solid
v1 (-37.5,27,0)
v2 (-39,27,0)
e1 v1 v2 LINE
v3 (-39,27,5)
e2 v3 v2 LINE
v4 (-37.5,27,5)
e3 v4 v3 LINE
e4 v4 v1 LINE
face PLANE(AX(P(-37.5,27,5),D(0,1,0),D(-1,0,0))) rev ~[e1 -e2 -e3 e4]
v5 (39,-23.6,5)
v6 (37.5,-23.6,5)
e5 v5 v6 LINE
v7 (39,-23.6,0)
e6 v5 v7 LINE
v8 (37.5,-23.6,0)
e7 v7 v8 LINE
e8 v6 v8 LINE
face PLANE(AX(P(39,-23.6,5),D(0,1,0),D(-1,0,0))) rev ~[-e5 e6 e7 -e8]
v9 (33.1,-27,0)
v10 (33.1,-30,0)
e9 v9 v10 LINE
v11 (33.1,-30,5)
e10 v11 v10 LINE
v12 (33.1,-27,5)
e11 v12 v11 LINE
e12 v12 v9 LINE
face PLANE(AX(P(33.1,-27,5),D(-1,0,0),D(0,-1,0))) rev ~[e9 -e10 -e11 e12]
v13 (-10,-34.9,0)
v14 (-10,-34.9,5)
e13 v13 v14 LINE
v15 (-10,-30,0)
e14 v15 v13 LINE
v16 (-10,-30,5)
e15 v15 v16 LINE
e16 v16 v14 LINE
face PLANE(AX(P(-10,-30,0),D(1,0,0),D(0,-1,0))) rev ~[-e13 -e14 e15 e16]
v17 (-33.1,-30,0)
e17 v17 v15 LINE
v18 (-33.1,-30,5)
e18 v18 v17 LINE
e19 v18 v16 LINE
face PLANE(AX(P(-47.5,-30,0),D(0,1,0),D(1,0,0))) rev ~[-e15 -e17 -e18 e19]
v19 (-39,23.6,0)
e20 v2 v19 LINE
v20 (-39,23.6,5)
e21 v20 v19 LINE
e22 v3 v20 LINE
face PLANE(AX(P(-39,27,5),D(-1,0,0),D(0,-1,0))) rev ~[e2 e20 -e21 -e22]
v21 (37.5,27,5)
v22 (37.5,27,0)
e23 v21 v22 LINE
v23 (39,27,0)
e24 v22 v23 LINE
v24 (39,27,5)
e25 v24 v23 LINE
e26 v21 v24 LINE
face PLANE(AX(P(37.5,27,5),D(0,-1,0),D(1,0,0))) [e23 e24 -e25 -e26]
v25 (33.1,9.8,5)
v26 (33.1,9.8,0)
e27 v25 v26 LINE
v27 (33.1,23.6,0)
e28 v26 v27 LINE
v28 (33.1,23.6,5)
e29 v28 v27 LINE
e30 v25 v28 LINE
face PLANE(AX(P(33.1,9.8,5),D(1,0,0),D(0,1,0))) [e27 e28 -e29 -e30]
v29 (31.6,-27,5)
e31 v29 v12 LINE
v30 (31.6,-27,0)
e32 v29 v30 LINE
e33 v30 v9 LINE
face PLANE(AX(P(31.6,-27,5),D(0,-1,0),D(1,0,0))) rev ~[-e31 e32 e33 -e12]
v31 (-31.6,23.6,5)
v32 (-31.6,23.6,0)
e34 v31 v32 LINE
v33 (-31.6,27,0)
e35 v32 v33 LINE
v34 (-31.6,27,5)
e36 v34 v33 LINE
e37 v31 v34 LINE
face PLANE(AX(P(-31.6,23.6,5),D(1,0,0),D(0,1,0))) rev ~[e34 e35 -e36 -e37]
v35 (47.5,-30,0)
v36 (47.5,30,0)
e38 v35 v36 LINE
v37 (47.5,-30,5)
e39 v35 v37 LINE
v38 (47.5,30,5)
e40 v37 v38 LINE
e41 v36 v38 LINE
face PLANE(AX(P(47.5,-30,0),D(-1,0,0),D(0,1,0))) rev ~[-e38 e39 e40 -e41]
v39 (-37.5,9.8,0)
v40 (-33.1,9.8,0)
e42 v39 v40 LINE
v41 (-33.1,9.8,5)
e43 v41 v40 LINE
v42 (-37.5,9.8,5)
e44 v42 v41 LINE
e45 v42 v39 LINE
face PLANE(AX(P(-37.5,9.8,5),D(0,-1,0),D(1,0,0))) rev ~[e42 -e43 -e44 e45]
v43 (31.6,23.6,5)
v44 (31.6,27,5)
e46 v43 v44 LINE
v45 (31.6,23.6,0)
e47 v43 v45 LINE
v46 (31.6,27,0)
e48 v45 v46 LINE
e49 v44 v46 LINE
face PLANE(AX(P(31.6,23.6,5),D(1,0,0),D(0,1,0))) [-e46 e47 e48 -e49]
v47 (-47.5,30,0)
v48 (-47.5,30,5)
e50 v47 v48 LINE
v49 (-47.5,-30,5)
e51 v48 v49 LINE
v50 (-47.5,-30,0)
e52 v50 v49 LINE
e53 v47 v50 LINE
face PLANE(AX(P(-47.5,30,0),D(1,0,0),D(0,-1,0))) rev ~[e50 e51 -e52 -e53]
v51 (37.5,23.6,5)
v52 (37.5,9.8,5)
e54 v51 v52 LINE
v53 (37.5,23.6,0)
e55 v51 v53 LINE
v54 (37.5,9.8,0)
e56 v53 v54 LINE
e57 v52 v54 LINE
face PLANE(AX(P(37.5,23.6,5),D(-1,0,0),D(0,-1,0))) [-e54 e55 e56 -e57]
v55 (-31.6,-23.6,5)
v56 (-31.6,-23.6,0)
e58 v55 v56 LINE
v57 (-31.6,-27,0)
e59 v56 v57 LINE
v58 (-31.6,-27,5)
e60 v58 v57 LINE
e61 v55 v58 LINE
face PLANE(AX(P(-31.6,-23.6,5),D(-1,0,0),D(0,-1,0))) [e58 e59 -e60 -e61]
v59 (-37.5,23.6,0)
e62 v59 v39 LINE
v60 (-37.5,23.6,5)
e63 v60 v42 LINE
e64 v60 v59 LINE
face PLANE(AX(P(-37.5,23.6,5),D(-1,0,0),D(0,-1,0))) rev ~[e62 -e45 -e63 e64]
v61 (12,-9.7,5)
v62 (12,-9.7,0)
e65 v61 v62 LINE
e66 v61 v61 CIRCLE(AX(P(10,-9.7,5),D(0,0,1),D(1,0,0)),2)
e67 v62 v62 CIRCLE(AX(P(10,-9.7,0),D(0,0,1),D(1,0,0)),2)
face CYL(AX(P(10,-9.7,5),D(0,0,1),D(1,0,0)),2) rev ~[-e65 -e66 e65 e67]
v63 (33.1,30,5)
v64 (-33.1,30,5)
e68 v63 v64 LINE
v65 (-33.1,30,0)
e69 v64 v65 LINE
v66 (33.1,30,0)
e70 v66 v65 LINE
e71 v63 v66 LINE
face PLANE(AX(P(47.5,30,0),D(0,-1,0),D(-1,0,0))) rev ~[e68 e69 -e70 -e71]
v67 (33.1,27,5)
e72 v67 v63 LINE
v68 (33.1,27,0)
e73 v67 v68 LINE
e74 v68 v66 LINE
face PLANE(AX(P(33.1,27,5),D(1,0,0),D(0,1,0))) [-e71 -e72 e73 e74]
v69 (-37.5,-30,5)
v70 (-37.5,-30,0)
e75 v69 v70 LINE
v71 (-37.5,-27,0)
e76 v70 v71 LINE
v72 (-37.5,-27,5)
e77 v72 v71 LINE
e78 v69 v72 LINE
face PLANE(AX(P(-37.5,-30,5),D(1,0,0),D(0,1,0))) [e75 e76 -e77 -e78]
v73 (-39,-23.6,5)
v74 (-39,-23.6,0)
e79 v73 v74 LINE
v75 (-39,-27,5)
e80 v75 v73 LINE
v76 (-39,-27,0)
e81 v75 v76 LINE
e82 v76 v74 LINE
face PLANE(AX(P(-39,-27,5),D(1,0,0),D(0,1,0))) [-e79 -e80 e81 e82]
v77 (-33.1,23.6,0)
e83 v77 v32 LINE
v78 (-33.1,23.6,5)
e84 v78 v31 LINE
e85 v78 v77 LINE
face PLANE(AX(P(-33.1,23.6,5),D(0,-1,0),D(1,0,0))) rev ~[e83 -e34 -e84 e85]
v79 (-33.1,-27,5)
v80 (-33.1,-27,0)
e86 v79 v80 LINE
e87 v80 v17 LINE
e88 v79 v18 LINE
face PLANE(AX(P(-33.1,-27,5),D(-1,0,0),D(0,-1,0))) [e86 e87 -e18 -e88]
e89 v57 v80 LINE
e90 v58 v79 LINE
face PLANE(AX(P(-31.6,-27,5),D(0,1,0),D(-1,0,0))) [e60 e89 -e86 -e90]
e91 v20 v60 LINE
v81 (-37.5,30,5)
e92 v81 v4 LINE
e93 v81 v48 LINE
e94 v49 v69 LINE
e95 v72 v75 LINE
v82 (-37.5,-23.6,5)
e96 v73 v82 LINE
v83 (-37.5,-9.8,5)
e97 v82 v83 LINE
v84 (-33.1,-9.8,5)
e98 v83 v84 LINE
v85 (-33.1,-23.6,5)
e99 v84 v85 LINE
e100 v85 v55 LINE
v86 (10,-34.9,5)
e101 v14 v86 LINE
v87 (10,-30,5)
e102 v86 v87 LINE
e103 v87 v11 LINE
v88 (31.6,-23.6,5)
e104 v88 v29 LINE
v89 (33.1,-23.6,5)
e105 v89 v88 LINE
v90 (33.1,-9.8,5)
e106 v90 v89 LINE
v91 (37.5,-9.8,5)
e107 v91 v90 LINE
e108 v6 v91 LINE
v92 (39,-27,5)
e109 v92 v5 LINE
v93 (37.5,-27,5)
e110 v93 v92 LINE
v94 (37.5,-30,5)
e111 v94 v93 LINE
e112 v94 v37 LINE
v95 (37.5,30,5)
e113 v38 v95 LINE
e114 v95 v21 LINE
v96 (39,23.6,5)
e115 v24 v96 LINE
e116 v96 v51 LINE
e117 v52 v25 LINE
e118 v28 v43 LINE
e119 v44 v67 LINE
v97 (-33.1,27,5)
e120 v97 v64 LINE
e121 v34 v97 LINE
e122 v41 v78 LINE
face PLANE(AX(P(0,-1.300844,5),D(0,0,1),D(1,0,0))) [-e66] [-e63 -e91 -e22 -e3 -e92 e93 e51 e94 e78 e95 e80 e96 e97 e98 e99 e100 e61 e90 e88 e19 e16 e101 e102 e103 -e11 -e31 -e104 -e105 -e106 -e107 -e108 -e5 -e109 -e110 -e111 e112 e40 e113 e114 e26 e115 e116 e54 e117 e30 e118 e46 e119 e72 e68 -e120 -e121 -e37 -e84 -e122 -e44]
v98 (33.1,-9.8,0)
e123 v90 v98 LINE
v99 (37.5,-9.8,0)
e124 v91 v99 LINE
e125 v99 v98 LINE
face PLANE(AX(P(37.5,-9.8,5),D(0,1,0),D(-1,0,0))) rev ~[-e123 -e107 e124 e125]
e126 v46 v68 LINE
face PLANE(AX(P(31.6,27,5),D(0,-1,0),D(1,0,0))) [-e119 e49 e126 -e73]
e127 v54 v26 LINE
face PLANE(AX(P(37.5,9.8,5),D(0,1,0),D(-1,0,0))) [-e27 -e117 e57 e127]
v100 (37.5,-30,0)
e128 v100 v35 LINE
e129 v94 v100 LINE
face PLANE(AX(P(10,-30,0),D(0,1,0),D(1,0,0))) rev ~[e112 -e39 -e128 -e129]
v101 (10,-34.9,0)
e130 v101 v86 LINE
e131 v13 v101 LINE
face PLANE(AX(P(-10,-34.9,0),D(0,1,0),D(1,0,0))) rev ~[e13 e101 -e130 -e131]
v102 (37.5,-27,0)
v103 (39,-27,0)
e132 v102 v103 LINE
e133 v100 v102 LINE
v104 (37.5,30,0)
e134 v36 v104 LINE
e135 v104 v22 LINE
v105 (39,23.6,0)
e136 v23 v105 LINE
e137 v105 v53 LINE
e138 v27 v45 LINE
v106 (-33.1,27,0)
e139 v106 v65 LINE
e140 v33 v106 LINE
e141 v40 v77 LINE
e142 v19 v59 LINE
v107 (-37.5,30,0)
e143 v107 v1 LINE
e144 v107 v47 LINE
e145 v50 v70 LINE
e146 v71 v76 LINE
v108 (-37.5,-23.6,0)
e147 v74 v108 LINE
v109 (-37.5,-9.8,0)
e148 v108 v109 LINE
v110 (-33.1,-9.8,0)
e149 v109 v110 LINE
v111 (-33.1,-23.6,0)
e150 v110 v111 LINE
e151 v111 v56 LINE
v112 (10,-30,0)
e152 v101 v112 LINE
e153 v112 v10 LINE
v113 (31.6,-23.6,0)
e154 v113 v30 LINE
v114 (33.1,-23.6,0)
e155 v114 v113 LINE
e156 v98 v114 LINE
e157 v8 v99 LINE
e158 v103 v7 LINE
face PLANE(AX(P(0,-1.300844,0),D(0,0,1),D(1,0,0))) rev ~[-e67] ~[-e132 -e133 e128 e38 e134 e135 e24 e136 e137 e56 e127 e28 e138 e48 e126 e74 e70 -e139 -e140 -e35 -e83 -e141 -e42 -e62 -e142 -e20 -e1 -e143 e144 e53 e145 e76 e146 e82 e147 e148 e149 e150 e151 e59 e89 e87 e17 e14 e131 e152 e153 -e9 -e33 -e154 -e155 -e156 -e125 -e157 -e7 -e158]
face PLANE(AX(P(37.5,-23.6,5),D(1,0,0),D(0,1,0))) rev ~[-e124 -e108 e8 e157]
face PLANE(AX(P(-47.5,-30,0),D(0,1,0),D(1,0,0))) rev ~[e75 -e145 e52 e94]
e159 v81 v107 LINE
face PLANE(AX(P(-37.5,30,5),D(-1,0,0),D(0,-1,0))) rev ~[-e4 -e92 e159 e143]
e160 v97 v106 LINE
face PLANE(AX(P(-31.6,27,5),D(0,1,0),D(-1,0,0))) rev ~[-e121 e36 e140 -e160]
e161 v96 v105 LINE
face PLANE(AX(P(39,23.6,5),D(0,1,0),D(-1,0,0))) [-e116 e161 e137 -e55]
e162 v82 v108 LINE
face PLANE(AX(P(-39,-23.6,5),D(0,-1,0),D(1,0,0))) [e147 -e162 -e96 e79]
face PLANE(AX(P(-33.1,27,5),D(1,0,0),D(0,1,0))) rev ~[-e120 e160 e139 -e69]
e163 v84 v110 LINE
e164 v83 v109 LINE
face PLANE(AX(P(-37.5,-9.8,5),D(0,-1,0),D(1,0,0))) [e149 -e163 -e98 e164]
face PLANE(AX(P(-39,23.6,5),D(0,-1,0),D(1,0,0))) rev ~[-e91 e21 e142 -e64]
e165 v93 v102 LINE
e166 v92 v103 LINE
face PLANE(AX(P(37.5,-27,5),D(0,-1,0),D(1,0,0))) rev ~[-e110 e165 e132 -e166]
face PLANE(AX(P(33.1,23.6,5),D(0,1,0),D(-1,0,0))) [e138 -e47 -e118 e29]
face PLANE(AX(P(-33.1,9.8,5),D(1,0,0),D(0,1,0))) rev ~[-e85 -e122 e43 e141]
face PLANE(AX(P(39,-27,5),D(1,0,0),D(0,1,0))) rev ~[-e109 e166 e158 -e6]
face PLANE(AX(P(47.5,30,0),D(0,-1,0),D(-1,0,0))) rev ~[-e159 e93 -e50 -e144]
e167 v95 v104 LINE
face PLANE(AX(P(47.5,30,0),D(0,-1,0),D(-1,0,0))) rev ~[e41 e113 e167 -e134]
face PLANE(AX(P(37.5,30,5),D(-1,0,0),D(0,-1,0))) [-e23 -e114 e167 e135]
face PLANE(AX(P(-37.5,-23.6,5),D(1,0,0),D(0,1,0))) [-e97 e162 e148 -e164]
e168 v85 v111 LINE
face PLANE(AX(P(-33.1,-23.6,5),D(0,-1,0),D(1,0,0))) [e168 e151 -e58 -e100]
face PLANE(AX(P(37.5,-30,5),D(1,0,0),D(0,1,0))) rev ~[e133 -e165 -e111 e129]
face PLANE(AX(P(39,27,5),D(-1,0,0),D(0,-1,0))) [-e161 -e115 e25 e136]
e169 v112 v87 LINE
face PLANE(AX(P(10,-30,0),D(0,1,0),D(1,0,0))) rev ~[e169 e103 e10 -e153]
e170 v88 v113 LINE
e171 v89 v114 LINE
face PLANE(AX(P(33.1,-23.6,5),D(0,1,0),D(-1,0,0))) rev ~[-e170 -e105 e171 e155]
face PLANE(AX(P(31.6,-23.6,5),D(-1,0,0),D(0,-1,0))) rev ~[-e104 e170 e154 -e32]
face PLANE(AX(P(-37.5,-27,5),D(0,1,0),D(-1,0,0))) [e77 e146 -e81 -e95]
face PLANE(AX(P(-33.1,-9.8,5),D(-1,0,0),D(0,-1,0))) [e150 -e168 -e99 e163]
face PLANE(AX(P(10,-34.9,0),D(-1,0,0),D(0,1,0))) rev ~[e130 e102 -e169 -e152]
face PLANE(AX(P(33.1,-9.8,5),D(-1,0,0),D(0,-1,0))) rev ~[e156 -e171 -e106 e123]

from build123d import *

# Parameters (mm, degrees)
BOSS_EXTRUDE1_DEPTH = 5
CUT_EXTRUDE1_DEPTH  = 5
SKETCH4_R           = 2
CUT_EXTRUDE2_DEPTH  = 5


with BuildPart() as part:
    # Sketch1 → Boss-Extrude1 (new body)
    with BuildSketch(Plane.XY):
        Polygon((10, -30), (47.5, -30), (47.5, 30), (-47.5, 30), (-47.5, -30), (-10, -30), (-10, -34.9), (10, -34.9), align=None)
    extrude(amount=BOSS_EXTRUDE1_DEPTH)

    # Sketch3 → Cut-Extrude1 (cut)
    with BuildSketch(Plane.XY.offset(5)):
        Polygon((-33.1, -27), (-33.1, -30), (-37.5, -30), (-37.5, -27), (-39, -27), (-39, -23.6), (-37.5, -23.6), (-37.5, -9.8), (-33.1, -9.8), (-33.1, -23.6), (-31.6, -23.6), (-31.6, -27), align=None)
        Polygon((37.5, -30), (37.5, -27), (39, -27), (39, -23.6), (37.5, -23.6), (37.5, -9.8), (33.1, -9.8), (33.1, -23.6), (31.6, -23.6), (31.6, -27), (33.1, -27), (33.1, -30), align=None)
        Polygon((33.1, 27), (33.1, 30), (37.5, 30), (37.5, 27), (39, 27), (39, 23.6), (37.5, 23.6), (37.5, 9.8), (33.1, 9.8), (33.1, 23.6), (31.6, 23.6), (31.6, 27), align=None)
        Polygon((-37.5, 30), (-37.5, 27), (-39, 27), (-39, 23.6), (-37.5, 23.6), (-37.5, 9.8), (-33.1, 9.8), (-33.1, 23.6), (-31.6, 23.6), (-31.6, 27), (-33.1, 27), (-33.1, 30), align=None)
    extrude(amount=-CUT_EXTRUDE1_DEPTH, mode=Mode.SUBTRACT)

    # Sketch4 → Cut-Extrude2 (cut)
    with BuildSketch(Plane.XY.offset(5)):
        with Locations((10, -9.7)):
            Circle(SKETCH4_R)
    extrude(amount=-CUT_EXTRUDE2_DEPTH, mode=Mode.SUBTRACT)


solid = part.part
